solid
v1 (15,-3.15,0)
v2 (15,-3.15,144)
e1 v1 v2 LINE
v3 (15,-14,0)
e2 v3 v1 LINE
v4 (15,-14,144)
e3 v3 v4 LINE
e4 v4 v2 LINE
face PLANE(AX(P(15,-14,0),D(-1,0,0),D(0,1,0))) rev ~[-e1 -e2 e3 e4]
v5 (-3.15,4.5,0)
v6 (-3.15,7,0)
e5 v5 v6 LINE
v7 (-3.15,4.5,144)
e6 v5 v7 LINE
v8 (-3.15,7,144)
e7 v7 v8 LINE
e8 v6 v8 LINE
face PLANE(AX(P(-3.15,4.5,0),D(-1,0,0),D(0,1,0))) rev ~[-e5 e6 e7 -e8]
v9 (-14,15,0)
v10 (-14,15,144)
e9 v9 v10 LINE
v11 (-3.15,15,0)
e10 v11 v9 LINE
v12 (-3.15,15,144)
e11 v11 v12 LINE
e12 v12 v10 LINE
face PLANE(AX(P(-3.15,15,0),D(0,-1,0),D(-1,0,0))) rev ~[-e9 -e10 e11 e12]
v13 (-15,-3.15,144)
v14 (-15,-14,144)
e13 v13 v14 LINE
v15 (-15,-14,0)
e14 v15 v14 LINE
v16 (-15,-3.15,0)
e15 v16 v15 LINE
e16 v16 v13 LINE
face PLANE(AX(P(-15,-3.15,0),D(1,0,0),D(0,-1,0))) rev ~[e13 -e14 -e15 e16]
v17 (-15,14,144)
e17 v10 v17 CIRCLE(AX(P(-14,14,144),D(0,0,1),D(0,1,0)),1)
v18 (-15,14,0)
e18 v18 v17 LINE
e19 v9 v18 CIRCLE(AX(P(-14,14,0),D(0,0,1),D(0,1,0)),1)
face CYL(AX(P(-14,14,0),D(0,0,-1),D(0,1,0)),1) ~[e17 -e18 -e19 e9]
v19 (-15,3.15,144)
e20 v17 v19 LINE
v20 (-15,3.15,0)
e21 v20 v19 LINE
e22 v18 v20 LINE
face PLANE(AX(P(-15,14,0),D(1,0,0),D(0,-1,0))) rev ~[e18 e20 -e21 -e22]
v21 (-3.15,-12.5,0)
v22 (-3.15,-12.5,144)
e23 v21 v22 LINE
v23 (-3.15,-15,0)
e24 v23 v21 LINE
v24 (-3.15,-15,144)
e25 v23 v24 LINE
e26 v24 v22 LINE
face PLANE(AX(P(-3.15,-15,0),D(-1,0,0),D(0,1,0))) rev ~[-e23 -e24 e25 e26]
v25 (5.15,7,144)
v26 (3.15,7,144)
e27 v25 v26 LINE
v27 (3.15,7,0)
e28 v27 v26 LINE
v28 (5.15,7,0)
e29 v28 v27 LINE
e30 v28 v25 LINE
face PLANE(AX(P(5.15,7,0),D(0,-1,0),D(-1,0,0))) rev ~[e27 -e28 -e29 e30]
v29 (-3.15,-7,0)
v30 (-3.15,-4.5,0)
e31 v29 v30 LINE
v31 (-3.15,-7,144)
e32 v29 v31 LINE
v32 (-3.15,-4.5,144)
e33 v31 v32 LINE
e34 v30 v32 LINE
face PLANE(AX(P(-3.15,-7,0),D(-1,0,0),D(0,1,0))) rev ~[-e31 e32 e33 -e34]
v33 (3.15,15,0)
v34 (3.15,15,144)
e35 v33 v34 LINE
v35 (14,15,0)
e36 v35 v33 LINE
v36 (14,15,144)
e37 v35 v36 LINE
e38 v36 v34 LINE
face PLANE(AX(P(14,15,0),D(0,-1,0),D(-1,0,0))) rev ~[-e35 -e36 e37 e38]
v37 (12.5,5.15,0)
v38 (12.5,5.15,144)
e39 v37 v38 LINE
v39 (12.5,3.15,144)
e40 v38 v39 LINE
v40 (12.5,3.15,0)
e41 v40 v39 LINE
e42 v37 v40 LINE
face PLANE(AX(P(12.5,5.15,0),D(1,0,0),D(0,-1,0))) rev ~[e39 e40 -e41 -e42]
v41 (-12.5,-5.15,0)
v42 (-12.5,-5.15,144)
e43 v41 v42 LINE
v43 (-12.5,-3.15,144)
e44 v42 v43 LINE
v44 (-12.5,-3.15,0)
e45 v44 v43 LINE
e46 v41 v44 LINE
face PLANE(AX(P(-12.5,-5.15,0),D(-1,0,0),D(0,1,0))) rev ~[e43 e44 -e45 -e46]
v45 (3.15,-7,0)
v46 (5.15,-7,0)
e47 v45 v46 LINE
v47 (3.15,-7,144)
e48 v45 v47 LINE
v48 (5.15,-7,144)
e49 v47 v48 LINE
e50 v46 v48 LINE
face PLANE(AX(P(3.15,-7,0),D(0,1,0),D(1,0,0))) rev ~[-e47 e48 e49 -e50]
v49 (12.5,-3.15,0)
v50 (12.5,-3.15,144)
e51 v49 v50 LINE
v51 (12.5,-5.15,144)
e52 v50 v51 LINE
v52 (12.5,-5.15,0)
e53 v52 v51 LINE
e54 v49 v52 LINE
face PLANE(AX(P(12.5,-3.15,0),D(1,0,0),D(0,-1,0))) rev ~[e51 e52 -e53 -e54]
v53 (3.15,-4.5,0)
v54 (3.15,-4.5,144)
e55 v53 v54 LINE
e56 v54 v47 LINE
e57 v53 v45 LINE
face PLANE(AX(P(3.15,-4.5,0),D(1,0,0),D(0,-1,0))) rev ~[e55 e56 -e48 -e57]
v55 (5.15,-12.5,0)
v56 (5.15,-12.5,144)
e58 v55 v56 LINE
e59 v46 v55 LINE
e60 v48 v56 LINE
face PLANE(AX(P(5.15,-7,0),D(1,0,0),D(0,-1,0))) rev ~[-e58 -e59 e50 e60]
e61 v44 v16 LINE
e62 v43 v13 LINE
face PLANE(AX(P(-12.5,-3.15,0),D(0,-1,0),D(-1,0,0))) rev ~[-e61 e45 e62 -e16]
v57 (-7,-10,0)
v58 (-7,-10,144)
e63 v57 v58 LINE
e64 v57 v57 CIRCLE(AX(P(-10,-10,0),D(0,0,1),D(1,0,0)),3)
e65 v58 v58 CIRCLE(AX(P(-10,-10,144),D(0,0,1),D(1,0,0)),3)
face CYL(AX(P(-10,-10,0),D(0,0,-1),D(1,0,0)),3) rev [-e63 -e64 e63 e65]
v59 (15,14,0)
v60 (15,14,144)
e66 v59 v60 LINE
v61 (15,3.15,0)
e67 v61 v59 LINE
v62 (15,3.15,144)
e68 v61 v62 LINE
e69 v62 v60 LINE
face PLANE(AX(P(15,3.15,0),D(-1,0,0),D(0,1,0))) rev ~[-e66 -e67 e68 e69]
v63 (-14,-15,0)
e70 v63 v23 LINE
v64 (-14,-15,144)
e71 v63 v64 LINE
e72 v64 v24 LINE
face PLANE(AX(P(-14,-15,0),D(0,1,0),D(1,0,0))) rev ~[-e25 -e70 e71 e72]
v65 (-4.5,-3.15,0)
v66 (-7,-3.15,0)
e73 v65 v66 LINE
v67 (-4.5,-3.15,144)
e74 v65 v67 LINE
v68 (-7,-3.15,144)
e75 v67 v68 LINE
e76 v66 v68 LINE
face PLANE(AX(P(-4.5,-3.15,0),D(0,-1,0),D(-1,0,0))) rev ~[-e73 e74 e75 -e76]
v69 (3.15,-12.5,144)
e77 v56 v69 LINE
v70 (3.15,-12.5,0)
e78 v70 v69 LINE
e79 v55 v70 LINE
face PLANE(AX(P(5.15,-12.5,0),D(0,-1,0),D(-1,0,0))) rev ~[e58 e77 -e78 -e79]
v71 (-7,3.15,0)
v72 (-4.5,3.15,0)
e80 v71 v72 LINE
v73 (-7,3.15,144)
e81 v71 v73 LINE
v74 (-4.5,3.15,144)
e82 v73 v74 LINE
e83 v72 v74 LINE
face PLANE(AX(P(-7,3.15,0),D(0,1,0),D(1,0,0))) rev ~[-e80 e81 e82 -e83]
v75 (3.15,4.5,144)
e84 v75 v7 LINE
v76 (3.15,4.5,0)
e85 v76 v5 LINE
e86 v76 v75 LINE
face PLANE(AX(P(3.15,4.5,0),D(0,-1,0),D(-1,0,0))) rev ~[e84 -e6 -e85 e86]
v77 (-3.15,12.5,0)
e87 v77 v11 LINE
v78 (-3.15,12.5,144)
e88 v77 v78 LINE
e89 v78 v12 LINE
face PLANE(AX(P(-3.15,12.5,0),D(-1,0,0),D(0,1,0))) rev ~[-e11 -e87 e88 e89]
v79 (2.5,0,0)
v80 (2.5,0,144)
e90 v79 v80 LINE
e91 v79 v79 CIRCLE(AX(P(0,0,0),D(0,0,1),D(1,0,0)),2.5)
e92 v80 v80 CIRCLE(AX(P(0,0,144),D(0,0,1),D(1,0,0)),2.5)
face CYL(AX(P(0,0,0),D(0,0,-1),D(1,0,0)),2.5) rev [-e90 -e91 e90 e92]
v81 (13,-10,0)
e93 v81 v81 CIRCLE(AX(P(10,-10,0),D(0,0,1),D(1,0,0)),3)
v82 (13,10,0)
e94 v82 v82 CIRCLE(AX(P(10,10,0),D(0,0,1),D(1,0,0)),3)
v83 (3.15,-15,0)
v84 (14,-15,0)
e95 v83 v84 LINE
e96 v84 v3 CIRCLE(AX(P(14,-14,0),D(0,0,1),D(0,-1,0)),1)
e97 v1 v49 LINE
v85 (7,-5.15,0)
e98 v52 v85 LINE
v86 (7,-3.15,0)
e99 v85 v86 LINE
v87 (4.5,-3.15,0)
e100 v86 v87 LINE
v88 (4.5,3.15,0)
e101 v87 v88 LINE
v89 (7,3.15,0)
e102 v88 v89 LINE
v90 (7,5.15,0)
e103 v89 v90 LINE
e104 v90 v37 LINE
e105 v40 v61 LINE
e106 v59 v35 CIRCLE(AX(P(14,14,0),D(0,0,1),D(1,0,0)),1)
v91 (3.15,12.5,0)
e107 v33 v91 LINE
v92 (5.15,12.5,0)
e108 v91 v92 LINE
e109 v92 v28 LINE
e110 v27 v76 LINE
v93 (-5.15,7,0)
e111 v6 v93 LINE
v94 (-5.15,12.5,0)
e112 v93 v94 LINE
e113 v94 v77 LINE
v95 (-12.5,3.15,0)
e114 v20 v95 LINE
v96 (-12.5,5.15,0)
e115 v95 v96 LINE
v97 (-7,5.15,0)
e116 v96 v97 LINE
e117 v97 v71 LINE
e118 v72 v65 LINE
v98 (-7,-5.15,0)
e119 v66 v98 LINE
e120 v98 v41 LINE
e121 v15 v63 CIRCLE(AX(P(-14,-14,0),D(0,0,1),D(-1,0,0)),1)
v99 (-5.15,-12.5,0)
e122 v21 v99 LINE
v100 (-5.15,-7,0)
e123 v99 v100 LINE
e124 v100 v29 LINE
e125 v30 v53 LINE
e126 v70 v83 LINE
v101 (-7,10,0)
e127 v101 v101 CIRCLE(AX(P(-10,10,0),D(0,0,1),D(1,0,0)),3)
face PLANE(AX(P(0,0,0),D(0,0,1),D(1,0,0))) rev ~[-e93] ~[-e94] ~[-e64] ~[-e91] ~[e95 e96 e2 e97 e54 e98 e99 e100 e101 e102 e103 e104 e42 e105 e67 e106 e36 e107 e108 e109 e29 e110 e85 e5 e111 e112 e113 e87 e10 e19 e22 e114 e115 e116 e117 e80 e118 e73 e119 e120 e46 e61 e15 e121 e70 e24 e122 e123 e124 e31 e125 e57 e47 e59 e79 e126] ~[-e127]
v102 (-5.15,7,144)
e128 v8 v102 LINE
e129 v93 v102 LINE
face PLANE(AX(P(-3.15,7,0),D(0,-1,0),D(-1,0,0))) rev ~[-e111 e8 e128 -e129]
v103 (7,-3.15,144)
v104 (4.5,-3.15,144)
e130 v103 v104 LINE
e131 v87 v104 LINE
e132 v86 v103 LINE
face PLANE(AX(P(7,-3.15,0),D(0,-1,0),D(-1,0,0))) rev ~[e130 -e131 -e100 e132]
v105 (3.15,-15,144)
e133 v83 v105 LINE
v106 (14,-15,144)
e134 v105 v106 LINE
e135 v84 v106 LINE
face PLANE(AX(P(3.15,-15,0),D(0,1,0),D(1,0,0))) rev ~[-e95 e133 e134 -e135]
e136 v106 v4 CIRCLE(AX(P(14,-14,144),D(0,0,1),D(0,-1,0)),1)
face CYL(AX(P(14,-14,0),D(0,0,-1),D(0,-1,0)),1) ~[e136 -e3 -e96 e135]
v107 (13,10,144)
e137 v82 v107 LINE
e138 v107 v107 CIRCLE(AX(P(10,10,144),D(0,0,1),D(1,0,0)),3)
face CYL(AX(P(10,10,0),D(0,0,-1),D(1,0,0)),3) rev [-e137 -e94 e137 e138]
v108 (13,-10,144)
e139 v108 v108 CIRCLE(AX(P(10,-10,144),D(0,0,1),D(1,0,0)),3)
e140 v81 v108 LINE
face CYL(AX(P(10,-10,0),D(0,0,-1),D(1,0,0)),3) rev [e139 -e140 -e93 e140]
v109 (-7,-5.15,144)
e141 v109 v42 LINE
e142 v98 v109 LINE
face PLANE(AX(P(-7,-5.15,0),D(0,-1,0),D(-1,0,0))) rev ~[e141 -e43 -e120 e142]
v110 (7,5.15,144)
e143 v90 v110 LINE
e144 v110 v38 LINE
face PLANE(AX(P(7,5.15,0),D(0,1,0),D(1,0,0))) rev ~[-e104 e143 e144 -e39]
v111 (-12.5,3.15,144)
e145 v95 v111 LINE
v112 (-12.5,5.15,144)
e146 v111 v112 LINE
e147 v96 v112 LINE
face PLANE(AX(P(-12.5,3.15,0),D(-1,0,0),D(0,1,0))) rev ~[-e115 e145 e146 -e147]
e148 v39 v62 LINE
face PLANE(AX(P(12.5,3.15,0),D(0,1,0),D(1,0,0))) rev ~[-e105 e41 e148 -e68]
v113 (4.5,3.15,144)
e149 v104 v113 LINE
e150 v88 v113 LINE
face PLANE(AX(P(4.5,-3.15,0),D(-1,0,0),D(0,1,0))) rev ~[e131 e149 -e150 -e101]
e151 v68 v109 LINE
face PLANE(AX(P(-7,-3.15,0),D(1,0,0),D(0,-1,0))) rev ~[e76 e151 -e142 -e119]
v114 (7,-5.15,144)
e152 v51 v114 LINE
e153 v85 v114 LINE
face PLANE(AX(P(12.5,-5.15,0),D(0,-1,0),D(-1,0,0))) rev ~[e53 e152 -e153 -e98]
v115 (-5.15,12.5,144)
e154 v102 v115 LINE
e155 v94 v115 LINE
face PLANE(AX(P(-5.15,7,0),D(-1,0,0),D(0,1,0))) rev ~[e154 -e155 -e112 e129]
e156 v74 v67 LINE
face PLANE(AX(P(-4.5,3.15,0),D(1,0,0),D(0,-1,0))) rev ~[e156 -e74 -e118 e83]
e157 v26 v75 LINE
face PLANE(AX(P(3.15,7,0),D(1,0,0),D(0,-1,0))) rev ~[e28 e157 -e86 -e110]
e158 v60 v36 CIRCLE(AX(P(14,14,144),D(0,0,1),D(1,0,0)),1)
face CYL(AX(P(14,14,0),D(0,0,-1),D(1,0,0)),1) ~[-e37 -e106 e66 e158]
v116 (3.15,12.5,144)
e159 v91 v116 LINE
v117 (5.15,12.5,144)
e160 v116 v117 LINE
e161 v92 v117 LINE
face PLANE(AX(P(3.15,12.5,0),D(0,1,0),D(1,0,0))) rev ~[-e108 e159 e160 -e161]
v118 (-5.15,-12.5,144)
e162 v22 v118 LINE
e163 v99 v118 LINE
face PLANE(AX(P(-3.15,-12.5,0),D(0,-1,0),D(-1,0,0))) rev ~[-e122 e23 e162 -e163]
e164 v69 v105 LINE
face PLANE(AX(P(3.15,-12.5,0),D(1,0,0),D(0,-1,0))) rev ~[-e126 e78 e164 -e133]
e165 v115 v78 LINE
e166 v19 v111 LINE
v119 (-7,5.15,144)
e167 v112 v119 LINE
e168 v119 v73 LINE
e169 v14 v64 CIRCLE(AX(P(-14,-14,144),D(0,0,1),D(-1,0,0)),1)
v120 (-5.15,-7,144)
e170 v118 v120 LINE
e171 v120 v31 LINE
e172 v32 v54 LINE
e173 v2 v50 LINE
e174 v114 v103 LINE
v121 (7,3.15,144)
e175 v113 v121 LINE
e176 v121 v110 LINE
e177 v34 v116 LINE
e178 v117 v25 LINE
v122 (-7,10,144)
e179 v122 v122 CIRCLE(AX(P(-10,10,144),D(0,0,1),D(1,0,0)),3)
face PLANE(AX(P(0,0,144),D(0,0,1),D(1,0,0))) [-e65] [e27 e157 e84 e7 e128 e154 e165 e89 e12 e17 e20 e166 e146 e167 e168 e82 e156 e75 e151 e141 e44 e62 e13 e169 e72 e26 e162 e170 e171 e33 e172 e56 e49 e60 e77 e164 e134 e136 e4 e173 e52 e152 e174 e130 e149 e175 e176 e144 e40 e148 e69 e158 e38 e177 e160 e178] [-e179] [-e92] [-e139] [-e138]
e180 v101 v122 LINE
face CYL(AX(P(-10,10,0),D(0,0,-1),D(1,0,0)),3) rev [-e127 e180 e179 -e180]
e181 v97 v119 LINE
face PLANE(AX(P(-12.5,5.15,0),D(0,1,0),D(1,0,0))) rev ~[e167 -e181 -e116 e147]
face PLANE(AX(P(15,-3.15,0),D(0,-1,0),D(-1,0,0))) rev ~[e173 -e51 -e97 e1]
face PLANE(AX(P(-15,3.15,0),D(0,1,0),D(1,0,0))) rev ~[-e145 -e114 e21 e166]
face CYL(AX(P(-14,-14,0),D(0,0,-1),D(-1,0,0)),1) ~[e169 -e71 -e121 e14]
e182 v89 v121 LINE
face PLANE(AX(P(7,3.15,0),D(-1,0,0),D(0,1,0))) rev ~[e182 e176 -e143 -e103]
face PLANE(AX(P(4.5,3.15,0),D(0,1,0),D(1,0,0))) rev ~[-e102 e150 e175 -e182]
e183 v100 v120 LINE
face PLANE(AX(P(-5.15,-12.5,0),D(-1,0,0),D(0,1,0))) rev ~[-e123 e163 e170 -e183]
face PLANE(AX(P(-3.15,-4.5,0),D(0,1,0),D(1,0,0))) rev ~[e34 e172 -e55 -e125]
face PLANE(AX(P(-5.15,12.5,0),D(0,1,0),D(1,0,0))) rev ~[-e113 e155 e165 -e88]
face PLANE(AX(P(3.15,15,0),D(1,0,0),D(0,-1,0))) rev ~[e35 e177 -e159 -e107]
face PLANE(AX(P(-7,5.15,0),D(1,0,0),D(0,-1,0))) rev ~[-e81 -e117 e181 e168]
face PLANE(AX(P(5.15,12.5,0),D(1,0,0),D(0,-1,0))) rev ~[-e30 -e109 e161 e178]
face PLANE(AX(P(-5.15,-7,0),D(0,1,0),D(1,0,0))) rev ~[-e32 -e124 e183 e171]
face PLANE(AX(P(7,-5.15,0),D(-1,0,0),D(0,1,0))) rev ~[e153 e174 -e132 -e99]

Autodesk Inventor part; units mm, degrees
ref_plane "YZ Plane" through (0, 0, 0) normal (1, 0, 0) x (0, 1, 0)
ref_plane "XZ Plane" through (0, 0, 0) normal (0, 1, 0) x (-1, 0, 0)
ref_plane "XY Plane" through (0, 0, 0) normal (0, 0, 1) x (1, 0, 0)
feature "ソリッド1" [suppressed]
sketch "スケッチ2" plane through (0, 0, 0) normal (0, 0, 1) x (1, 0, 0)
  line L0 (-12.5, 5.15) -> (-7, 5.15) projected
  line L1 (-7, 5.15) -> (-7, 3.15) projected
  line L2 (-7, 3.15) -> (-4.5, 3.15) projected
  line L3 (-4.5, 3.15) -> (-4.5, -3.15) projected
  line L4 (-4.5, -3.15) -> (-7, -3.15) projected
  line L5 (-7, -3.15) -> (-7, -5.15) projected
  line L6 (-7, -5.15) -> (-12.5, -5.15) projected
  line L7 (-12.5, -5.15) -> (-12.5, -3.15) projected
  line L8 (-12.5, -3.15) -> (-15, -3.15) projected
  line L9 (-15, -3.15) -> (-15, -14) projected
  arc A0 (-15, -14) -> (-14, -15) centre (-14, -14) ccw projected
  line L10 (-14, -15) -> (-3.15, -15) projected
  line L11 (-3.15, -15) -> (-3.15, -12.5) projected
  line L12 (-3.15, -12.5) -> (-5.15, -12.5) projected
  line L13 (-5.15, -12.5) -> (-5.15, -7) projected
  line L14 (-5.15, -7) -> (-3.15, -7) projected
  line L15 (-3.15, -7) -> (-3.15, -4.5) projected
  line L16 (-3.15, -4.5) -> (3.15, -4.5) projected
  line L17 (3.15, -4.5) -> (3.15, -7) projected
  line L18 (3.15, -7) -> (5.15, -7) projected
  line L19 (5.15, -7) -> (5.15, -12.5) projected
  line L20 (5.15, -12.5) -> (3.15, -12.5) projected
  line L21 (3.15, -12.5) -> (3.15, -15) projected
  line L22 (3.15, -15) -> (14, -15) projected
  arc A1 (14, -15) -> (15, -14) centre (14, -14) ccw projected
  line L23 (15, -14) -> (15, -3.15) projected
  line L24 (15, -3.15) -> (12.5, -3.15) projected
  line L25 (12.5, -3.15) -> (12.5, -5.15) projected
  line L26 (12.5, -5.15) -> (7, -5.15) projected
  line L27 (7, -5.15) -> (7, -3.15) projected
  line L28 (7, -3.15) -> (4.5, -3.15) projected
  line L29 (4.5, -3.15) -> (4.5, 3.15) projected
  line L30 (4.5, 3.15) -> (7, 3.15) projected
  line L31 (7, 3.15) -> (7, 5.15) projected
  line L32 (7, 5.15) -> (12.5, 5.15) projected
  line L33 (12.5, 5.15) -> (12.5, 3.15) projected
  line L34 (12.5, 3.15) -> (15, 3.15) projected
  line L35 (15, 3.15) -> (15, 14) projected
  arc A2 (15, 14) -> (14, 15) centre (14, 14) ccw projected
  line L36 (14, 15) -> (3.15, 15) projected
  line L37 (3.15, 15) -> (3.15, 12.5) projected
  line L38 (3.15, 12.5) -> (5.15, 12.5) projected
  line L39 (5.15, 12.5) -> (5.15, 7) projected
  line L40 (5.15, 7) -> (3.15, 7) projected
  line L41 (3.15, 7) -> (3.15, 4.5) projected
  line L42 (3.15, 4.5) -> (-3.15, 4.5) projected
  line L43 (-3.15, 4.5) -> (-3.15, 7) projected
  line L44 (-3.15, 7) -> (-5.15, 7) projected
  line L45 (-5.15, 7) -> (-5.15, 12.5) projected
  line L46 (-5.15, 12.5) -> (-3.15, 12.5) projected
  line L47 (-3.15, 12.5) -> (-3.15, 15) projected
  line L48 (-3.15, 15) -> (-14, 15) projected
  arc A3 (-14, 15) -> (-15, 14) centre (-14, 14) ccw projected
  line L49 (-15, 14) -> (-15, 3.15) projected
  line L50 (-15, 3.15) -> (-12.5, 3.15) projected
  line L51 (-12.5, 3.15) -> (-12.5, 5.15) projected
  circle A4 centre (10, 10) radius 3 projected
  circle A5 centre (-10, 10) radius 3 projected
  circle A6 centre (-10, -10) radius 3 projected
  circle A7 centre (10, -10) radius 3 projected
  circle A8 centre (0, 0) radius 2.5 projected
extrude "押し出し1" add sketch "スケッチ2" along normal blind 144
equation "\"d1\" = L"
equation "\"L\" = 144"
properties part number "AFS-3030-200"
